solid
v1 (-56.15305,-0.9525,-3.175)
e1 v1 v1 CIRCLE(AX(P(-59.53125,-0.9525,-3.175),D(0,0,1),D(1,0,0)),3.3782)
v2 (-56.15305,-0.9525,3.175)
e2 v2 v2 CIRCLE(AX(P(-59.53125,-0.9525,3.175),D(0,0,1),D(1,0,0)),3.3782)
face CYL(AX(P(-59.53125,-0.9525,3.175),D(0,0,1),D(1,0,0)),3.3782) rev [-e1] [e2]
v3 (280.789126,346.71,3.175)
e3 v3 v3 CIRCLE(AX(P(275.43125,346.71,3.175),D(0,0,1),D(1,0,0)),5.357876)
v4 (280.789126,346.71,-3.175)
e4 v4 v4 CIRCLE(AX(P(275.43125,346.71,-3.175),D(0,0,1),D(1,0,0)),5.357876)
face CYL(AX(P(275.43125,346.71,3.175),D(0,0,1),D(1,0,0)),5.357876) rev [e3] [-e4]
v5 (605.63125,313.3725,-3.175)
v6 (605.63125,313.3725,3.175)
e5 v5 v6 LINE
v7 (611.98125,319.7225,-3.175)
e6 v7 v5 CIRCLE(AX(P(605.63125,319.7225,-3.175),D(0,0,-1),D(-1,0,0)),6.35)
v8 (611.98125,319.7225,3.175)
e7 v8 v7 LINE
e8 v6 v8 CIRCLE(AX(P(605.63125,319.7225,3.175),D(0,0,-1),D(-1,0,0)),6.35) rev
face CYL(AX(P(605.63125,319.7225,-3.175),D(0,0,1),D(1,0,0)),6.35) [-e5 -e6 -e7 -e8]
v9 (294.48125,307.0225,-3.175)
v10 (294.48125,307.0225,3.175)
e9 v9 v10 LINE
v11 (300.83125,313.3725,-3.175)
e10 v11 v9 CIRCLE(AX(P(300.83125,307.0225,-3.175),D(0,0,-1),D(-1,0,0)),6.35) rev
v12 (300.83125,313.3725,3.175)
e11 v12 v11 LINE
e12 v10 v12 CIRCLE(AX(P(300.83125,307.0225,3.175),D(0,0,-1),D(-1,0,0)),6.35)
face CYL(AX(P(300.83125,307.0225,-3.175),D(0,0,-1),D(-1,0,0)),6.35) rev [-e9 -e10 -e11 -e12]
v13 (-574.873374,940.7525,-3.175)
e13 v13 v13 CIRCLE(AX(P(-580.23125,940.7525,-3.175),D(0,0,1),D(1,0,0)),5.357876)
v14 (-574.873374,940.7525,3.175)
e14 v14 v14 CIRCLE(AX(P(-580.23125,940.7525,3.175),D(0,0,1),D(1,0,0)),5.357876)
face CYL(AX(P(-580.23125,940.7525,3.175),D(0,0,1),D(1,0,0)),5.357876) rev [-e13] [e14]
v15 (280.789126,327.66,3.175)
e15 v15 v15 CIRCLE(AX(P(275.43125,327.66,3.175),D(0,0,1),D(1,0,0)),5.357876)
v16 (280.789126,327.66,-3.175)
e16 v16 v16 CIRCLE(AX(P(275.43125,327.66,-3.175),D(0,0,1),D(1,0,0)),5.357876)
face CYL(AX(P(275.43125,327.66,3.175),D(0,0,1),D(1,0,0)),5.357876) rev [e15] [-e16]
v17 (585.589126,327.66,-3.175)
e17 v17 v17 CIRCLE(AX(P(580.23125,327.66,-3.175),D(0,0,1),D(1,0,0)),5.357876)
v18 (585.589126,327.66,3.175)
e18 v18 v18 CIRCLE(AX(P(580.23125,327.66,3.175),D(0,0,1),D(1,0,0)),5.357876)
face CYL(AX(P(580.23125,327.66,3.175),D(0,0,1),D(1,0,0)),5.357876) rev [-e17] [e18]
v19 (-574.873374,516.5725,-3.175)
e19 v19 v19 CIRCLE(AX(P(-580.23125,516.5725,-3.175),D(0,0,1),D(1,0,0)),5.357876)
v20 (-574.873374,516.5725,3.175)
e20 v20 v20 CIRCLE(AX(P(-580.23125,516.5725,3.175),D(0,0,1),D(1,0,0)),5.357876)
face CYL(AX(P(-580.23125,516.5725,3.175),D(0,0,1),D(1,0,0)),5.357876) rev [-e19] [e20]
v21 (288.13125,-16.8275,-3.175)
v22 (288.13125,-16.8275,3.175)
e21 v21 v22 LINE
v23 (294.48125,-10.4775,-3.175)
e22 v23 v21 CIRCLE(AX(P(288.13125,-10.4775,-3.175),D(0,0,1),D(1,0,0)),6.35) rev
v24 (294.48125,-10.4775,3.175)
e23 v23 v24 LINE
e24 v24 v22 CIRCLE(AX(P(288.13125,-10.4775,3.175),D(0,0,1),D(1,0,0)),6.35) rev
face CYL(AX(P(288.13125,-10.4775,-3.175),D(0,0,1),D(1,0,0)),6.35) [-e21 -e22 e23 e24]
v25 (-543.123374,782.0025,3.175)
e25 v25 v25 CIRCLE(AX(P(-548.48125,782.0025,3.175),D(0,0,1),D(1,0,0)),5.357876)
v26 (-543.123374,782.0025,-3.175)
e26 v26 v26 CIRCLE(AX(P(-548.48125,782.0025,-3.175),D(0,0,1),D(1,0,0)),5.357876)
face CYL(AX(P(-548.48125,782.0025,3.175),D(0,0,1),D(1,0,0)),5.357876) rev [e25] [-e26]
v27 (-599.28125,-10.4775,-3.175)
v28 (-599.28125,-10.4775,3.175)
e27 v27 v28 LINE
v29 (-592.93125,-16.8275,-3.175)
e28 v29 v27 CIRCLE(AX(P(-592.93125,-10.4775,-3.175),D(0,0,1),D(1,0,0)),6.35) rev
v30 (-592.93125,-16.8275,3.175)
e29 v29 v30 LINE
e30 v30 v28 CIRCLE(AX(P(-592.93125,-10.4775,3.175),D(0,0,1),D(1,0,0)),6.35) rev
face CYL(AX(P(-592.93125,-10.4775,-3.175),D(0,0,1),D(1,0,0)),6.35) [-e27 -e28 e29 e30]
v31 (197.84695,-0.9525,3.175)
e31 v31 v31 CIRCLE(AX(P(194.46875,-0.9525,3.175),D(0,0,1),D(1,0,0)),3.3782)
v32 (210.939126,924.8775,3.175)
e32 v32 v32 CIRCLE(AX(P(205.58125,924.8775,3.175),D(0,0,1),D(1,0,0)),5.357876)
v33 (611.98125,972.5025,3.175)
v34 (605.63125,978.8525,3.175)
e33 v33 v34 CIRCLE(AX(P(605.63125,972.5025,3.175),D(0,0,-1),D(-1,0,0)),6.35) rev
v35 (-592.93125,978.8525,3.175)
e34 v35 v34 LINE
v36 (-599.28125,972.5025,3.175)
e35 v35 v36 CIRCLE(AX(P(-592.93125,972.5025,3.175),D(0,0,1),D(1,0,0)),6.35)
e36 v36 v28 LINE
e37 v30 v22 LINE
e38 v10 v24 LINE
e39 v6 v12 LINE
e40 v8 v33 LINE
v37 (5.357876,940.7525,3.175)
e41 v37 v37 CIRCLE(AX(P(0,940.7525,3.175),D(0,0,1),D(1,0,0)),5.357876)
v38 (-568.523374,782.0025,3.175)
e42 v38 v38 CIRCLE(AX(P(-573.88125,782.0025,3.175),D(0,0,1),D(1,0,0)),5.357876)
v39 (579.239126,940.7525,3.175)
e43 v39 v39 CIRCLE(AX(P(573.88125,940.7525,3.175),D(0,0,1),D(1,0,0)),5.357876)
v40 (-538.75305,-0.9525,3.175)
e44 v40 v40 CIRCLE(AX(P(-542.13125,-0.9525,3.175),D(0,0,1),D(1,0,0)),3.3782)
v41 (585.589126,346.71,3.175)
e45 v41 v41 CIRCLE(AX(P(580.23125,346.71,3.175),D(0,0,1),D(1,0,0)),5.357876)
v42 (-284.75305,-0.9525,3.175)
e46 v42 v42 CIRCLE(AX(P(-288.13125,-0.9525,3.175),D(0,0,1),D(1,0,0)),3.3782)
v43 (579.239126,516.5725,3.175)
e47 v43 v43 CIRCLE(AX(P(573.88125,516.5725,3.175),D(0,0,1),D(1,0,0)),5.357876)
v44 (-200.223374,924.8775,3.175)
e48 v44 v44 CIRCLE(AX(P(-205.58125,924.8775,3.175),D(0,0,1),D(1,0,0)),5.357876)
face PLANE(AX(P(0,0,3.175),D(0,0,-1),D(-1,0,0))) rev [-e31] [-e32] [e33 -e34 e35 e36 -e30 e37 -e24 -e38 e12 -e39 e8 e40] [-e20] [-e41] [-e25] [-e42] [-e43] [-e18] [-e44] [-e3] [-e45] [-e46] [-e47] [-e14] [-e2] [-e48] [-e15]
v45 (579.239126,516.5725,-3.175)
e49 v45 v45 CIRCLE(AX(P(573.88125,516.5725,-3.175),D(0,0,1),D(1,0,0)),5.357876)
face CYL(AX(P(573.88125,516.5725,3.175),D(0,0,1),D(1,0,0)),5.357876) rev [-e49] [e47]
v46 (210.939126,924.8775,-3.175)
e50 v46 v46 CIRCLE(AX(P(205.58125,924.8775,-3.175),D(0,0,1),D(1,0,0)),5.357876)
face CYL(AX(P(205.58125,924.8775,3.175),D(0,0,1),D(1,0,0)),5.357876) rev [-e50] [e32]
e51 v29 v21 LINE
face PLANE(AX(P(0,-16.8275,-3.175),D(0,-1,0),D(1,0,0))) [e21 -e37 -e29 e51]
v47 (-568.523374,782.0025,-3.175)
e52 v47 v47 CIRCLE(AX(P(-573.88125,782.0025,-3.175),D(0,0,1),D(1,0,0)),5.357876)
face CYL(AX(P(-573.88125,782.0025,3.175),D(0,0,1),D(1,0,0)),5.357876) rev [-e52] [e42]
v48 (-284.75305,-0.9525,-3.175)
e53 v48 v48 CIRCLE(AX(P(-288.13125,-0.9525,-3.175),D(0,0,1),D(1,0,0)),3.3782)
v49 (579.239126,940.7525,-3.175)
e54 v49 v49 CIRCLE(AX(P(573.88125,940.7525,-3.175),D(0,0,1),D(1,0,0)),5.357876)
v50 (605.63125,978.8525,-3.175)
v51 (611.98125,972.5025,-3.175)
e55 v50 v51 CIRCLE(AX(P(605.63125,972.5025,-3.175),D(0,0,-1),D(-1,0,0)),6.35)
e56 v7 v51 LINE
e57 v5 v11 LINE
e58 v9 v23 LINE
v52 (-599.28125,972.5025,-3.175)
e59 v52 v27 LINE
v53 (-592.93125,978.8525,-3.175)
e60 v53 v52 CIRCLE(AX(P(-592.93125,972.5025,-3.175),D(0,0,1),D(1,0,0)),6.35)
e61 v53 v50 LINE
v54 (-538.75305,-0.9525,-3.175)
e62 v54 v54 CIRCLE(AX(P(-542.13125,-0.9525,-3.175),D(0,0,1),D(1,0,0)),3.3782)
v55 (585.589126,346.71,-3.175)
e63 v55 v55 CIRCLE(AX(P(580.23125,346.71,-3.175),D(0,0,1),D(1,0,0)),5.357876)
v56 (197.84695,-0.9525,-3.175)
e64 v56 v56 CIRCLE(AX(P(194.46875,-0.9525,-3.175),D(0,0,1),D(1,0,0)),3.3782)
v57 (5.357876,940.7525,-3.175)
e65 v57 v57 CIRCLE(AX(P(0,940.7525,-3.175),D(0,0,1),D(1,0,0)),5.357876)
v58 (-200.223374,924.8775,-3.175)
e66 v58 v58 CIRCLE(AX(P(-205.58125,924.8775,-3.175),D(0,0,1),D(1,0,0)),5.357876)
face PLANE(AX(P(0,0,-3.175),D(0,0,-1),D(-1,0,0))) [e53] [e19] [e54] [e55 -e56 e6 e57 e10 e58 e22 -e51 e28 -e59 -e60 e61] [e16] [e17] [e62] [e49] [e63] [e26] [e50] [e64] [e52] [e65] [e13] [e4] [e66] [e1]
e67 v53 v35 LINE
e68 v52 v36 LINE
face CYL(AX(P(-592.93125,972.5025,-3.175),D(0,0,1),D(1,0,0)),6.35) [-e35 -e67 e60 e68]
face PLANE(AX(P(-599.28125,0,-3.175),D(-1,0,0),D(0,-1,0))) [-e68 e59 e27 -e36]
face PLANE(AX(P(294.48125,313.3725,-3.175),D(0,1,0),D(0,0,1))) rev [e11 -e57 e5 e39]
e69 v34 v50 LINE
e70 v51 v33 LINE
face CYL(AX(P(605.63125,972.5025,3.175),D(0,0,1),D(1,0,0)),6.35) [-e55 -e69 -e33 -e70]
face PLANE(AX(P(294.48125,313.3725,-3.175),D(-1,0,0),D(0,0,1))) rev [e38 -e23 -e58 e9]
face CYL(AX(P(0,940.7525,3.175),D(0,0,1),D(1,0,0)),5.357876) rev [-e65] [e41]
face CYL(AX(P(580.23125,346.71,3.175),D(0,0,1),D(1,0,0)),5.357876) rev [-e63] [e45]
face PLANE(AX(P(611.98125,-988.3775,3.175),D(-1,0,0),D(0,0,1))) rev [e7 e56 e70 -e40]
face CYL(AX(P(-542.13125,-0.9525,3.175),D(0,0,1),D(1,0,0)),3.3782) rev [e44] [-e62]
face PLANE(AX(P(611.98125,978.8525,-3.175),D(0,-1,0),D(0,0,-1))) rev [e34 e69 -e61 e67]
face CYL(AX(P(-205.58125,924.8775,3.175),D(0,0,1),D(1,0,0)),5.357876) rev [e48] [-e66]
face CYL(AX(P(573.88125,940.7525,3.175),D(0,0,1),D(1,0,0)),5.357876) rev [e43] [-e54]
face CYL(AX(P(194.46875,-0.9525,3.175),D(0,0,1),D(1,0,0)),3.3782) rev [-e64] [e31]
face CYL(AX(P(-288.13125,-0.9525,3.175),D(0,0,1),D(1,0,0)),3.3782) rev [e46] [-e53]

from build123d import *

# Parameters (mm, degrees)
SKETCH1_W                        = 1223.9625
SKETCH1_H                        = 1976.755
BOSS_EXTRUDE1_DEPTH              = 3.175
CUT_EXTRUDE1_DEPTH               = 1163.519443002
F_1_4_CLEARANCE_HOLE1_D          = 6.7564
F_27_64_0_42188_DIAMETER_HOLE1_D = 10.715752
F_27_64_0_42188_DIAMETER_HOLE3_D = 10.715752
F_27_64_0_42188_DIAMETER_HOLE2_D = 10.715752
SKETCH9_W                        = 1223.9625
SKETCH9_H                        = 9.525
CUT_EXTRUDE2_DEPTH               = 1163.519443002
FILLET1_R                        = 6.35
FILLET2_R                        = 6.35
F_27_64_0_42188_DIAMETER_HOLE4_D = 10.715752
CUT_EXTRUDE3_DEPTH               = 1155.432150283


with BuildPart() as part:
    # Sketch1 → Boss-Extrude1 (new, symmetric)
    with BuildSketch(Plane.XY):
        Rectangle(SKETCH1_W, SKETCH1_H)
    extrude(amount=BOSS_EXTRUDE1_DEPTH, both=True)

    # Sketch2 → Cut-Extrude1 (cut, through all)
    with BuildSketch(Plane.XY.offset(3.175)):
        Polygon((294.48125, 313.3725), (611.98125, 313.3725), (611.98125, -23.1775), (611.98125, -988.3775), (-611.98125, -988.3775), (-611.98125, -23.1775), (294.48125, -23.1775), align=None)
    extrude(amount=-CUT_EXTRUDE1_DEPTH, mode=Mode.SUBTRACT)

    # 1/4 Clearance Hole1 (through all)
    with Locations(Plane.XY.offset(3.175)):
        with Locations((-542.13125, -0.9525), (-288.13125, -0.9525), (-59.53125, -0.9525), (194.46875, -0.9525)):
            Hole(F_1_4_CLEARANCE_HOLE1_D / 2)

    # 27/64 (0.42188) Diameter Hole1 (through all)
    with Locations(Plane(origin=(573.88125, 516.5725, 3.175), x_dir=(1, 0, 0), z_dir=(0, 0, 1))):
        with Locations((0, 0), (-1154.1125, 0)):
            Hole(F_27_64_0_42188_DIAMETER_HOLE1_D / 2)

    # 27/64 (0.42188) Diameter Hole3 (through all)
    with Locations(Plane(origin=(275.43125, 327.66, 3.175), x_dir=(1, 0, 0), z_dir=(0, 0, 1))):
        with Locations((0, 0), (304.8, 0), (304.8, 19.05), (0, 19.05)):
            Hole(F_27_64_0_42188_DIAMETER_HOLE3_D / 2)

    # 27/64 (0.42188) Diameter Hole2 (through all)
    with Locations(Plane.XY.offset(3.175)):
        with Locations((205.58125, 924.8775), (573.88125, 940.7525), (0, 940.7525), (-580.23125, 940.7525), (-205.58125, 924.8775)):
            Hole(F_27_64_0_42188_DIAMETER_HOLE2_D / 2)

    # Sketch9 → Cut-Extrude2 (cut, through all)
    with BuildSketch(Plane.XY.offset(3.175)):
        with Locations((0, 983.615)):
            Rectangle(SKETCH9_W, SKETCH9_H)
    extrude(amount=-CUT_EXTRUDE2_DEPTH, mode=Mode.SUBTRACT)

    # Fillet1
    fillet1_edges = [part.edges().sort_by_distance(p)[0] for p in [
        (294.48125, 313.3725, 0),
    ]]
    fillet(fillet1_edges, radius=FILLET1_R)

    # Fillet2
    fillet2_edges = [part.edges().sort_by_distance(p)[0] for p in [
        (611.98125, 978.8525, 0),
        (-611.98125, 978.8525, 0),
        (294.48125, -23.1775, 0),
        (611.98125, 313.3725, 0),
        (-611.98125, -23.1775, 0),
    ]]
    fillet(fillet2_edges, radius=FILLET2_R)

    # 27/64 (0.42188) Diameter Hole4 (through all)
    with Locations(Plane.XY.offset(3.175)):
        with Locations((-573.88125, 782.0025), (-548.48125, 782.0025)):
            Hole(F_27_64_0_42188_DIAMETER_HOLE4_D / 2)

    # Sketch12 → Cut-Extrude3 (cut, through all)
    with BuildSketch(Plane.XY.offset(3.175)):
        with BuildLine():
            Line((288.13125, -16.8275), (-592.93125, -16.8275))
            ThreePointArc((-592.93125, -16.8275), (-597.421378061, -14.967628061), (-599.28125, -10.4775))
            Line((-599.28125, -10.4775), (-599.28125, 972.5025))
            ThreePointArc((-599.28125, 972.5025), (-597.421378061, 976.992628061), (-592.93125, 978.8525))
            Line((-592.93125, 978.8525), (-605.63125, 978.8525))
            ThreePointArc((-605.63125, 978.8525), (-610.121378061, 976.992628061), (-611.98125, 972.5025))
            Line((-611.98125, 972.5025), (-611.98125, -16.8275))
            ThreePointArc((-611.98125, -16.8275), (-610.121378061, -21.317628061), (-605.63125, -23.1775))
            Line((-605.63125, -23.1775), (288.13125, -23.1775))
            ThreePointArc((288.13125, -23.1775), (292.621378061, -21.317628061), (294.48125, -16.8275))
            Line((294.48125, -16.8275), (294.48125, -10.4775))
            ThreePointArc((294.48125, -10.4775), (292.621378061, -14.967628061), (288.13125, -16.8275))
        make_face()
    extrude(amount=-CUT_EXTRUDE3_DEPTH, mode=Mode.SUBTRACT)


solid = part.part
